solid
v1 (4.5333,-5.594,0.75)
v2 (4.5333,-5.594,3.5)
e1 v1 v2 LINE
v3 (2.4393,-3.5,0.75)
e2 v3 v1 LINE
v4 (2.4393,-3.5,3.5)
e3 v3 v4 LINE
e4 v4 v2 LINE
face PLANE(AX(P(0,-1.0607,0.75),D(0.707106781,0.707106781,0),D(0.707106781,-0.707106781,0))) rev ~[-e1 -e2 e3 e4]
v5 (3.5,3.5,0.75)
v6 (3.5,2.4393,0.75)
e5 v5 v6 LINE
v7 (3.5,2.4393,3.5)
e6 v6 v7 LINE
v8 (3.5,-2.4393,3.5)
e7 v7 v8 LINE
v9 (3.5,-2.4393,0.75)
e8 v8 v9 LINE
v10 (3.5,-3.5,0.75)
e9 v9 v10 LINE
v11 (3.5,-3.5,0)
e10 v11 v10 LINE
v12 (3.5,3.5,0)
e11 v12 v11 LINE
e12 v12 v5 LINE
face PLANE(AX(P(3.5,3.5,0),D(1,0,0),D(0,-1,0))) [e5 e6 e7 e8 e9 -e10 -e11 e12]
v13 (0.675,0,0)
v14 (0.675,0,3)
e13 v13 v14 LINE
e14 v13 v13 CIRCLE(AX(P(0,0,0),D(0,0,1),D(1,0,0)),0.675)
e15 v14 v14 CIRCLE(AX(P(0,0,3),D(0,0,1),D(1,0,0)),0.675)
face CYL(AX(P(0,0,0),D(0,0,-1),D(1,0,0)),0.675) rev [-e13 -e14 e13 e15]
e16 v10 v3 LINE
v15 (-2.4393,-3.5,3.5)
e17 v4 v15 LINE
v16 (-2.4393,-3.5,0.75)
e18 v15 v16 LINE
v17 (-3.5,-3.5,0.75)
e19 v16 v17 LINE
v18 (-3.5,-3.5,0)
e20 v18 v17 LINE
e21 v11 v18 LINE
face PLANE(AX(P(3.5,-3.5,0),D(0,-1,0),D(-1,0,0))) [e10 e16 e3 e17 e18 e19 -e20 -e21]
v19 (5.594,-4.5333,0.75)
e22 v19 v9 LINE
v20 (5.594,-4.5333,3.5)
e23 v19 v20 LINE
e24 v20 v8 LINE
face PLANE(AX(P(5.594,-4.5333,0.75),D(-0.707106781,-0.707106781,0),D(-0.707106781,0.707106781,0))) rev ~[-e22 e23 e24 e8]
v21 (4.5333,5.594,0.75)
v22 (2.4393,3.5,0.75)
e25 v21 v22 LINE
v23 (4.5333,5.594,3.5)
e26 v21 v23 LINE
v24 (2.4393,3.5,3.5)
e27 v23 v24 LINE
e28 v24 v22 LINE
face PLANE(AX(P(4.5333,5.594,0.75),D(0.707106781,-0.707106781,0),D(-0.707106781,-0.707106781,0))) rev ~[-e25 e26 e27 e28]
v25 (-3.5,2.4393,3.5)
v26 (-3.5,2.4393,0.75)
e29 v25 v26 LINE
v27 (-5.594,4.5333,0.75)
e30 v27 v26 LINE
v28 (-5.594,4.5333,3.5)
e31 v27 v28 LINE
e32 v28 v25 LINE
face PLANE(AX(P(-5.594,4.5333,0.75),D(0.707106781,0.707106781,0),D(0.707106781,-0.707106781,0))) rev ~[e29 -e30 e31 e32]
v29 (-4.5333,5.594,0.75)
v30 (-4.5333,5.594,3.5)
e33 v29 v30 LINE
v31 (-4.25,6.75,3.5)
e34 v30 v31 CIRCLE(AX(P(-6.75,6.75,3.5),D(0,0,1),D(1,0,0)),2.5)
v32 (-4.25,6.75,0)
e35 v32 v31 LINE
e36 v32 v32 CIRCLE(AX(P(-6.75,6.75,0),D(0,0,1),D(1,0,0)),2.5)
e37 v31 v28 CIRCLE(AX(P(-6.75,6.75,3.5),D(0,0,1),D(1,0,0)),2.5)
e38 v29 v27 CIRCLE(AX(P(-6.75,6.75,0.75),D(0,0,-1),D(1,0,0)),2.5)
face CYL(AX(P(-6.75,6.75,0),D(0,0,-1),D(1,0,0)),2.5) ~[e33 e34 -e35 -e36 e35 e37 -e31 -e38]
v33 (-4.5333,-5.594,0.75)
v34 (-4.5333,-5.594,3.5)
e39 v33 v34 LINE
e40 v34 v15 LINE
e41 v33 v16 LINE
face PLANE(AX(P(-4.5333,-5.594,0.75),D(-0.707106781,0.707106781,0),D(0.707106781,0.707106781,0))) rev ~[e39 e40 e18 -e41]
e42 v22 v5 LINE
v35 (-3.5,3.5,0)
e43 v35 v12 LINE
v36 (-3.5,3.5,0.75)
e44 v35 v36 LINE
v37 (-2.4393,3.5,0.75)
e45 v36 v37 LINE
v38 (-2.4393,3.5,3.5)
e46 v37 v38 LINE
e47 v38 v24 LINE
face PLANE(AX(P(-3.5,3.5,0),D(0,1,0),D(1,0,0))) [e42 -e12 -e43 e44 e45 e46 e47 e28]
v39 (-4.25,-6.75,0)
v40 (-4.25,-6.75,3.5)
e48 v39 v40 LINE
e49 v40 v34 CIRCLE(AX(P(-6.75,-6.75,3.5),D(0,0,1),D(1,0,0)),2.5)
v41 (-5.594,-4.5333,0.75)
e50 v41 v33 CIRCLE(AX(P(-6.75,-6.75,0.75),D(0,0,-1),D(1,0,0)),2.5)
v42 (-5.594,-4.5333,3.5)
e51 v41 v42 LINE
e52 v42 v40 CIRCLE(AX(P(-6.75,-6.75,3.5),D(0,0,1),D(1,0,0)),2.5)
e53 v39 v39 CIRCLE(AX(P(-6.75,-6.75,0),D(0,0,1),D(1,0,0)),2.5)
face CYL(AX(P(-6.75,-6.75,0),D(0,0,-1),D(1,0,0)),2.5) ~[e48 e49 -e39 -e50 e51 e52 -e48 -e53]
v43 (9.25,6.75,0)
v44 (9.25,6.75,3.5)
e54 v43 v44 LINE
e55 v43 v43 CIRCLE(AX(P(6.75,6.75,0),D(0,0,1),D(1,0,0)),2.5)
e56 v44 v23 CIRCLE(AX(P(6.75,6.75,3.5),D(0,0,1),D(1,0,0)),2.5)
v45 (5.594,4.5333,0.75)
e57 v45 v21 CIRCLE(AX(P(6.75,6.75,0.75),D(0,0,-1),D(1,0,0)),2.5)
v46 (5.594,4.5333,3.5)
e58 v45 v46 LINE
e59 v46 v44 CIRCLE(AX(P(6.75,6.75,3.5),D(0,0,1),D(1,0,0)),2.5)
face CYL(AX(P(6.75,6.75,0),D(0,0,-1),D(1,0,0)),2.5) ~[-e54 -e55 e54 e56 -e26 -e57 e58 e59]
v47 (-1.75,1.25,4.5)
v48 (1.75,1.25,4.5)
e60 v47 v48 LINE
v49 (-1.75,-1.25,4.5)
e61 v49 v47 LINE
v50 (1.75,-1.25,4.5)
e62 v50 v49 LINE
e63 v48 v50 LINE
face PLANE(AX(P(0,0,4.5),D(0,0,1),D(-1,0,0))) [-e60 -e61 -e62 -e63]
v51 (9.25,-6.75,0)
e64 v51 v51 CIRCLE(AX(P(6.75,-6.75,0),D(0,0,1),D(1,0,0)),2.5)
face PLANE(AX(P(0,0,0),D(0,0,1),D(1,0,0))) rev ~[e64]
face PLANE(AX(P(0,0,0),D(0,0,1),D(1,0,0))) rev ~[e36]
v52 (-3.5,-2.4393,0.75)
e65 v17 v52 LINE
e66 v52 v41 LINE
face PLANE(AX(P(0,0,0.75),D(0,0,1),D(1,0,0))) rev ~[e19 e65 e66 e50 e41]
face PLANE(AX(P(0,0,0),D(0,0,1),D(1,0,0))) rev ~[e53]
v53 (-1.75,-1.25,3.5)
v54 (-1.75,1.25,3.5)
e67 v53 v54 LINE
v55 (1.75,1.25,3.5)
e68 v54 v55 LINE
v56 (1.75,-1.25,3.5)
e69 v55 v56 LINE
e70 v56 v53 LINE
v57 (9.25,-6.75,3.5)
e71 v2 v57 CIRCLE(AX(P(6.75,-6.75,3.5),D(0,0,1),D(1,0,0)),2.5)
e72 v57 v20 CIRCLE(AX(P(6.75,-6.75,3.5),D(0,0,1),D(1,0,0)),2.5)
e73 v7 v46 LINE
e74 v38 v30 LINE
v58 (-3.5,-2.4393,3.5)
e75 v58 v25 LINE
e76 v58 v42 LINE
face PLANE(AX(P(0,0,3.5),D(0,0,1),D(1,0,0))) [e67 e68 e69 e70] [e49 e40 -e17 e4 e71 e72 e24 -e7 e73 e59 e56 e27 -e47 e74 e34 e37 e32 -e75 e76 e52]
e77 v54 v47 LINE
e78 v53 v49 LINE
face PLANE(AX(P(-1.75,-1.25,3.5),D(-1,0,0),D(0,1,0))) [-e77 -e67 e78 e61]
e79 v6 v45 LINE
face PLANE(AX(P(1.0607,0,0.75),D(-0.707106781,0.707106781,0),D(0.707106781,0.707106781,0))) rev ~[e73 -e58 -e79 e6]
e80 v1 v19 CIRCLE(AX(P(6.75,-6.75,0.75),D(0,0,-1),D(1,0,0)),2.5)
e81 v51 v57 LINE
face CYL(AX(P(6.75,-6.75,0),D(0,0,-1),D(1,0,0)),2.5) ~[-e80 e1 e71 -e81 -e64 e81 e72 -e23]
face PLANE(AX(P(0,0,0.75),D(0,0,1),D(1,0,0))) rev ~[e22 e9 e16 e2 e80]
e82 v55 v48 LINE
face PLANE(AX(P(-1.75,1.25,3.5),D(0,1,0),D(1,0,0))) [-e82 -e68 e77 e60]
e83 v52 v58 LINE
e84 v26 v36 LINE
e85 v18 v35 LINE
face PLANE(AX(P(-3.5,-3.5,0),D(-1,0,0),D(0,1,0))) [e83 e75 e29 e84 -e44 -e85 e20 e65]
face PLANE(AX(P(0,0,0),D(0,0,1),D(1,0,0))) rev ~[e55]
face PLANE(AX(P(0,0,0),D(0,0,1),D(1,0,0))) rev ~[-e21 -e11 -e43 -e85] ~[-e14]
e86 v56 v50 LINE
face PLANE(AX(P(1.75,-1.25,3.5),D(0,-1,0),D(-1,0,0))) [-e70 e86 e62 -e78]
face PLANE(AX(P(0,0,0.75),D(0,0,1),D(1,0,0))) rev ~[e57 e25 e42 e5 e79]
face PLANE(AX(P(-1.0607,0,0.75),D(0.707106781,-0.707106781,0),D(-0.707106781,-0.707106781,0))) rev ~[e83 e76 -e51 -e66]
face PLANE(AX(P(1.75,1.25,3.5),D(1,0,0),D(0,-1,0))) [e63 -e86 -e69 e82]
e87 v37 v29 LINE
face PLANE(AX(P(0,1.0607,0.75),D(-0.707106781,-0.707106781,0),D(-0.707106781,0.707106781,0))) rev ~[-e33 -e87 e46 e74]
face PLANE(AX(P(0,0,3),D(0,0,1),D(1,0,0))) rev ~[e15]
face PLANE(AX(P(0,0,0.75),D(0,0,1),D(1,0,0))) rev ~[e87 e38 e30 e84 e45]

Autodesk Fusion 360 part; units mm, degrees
sketch "Sketch1" plane through (0, 0, 0) normal (0, 0, 1) x (1, 0, 0)
  line L0 (-3, 10.6) -> (3, 10.6) construction
  line L1 (3, 10.6) -> (3, 4.6) construction
  line L2 (3, 4.6) -> (-3, 4.6) construction
  line L3 (-3, 4.6) -> (-3, 10.6) construction
  line L4 (0, -7.6) -> (0, 7.6) construction
  line L5 (0, 0) -> (-6, 0) construction
  line L6 (-3, 10.6) -> (3, 4.6) construction
  line L7 (3, 10.6) -> (-3, 4.6) construction
  line L8 (-3, -4.6) -> (3, -4.6) construction
  line L9 (3, -4.6) -> (3, -10.6) construction
  line L10 (3, -10.6) -> (-3, -10.6) construction
  line L11 (-3, -10.6) -> (-3, -4.6) construction
  line L12 (4.6, 3) -> (10.6, 3) construction
  line L13 (10.6, 3) -> (10.6, -3) construction
  line L14 (10.6, -3) -> (4.6, -3) construction
  line L15 (4.6, -3) -> (4.6, 3) construction
  line L16 (-10.6, 3) -> (-4.6, 3) construction
  line L17 (-4.6, 3) -> (-4.6, -3) construction
  line L18 (-4.6, -3) -> (-10.6, -3) construction
  line L19 (-10.6, -3) -> (-10.6, 3) construction
  line L20 (-7.6, 0) -> (7.6, 0) construction
  line L21 (-10.6, 3) -> (-4.6, -3) construction
  line L22 (-4.6, 3) -> (-10.6, -3) construction
  line L23 (-3, -10.6) -> (3, -4.6) construction
  line L24 (-3, -4.6) -> (3, -10.6) construction
  line L25 (4.6, 3) -> (10.6, -3) construction
  line L26 (10.6, 3) -> (4.6, -3) construction
  dimension "d1" = 6
  dimension "d3" = 15.2
sketch "Sketch5" plane through (0, 0, 0) normal (0, 0, 1) x (1, 0, 0)
  line L0 (-3.5, 3.5) -> (3.5, 3.5)
  line L1 (3.5, 3.5) -> (3.5, -3.5)
  line L2 (3.5, -3.5) -> (-3.5, -3.5)
  line L3 (-3.5, -3.5) -> (-3.5, 3.5)
  line L4 (-3.5, 3.5) -> (3.5, -3.5) construction
  line L5 (3.5, 3.5) -> (-3.5, -3.5) construction
  dimension "d11" = 7
extrude "Extrude4" add sketch "Sketch5" along normal blind 3.5 makes body 1
sketch "Sketch6" plane through (0, 0, 0) normal (0, 0, 1) x (1, 0, 0)
  circle A0 centre (-6.75, 6.75) radius 2.5
  circle A1 centre (6.75, 6.75) radius 2.5
  circle A2 centre (6.75, -6.75) radius 2.5
  circle A3 centre (-6.75, -6.75) radius 2.5
  line L0 (-6.75, 6.75) -> (6.75, 6.75) construction
  line L1 (6.75, 6.75) -> (6.75, -6.75) construction
  line L2 (6.75, -6.75) -> (-6.75, -6.75) construction
  line L3 (-6.75, -6.75) -> (-6.75, 6.75) construction
  line L4 (6.75, 6.75) -> (-6.75, -6.75) construction
  line L5 (-6.75, 6.75) -> (6.75, -6.75) construction
  point P0 (-7.6, 0)
  point P1 (7.6, 0)
  point P2 (0, 7.6)
  point P3 (0, -7.6)
  dimension "d14" = 5
  dimension "d15" = 13.5
extrude "Extrude5" add sketch "Sketch6" along normal blind 3.5 separate body makes body 2 at (9.2376, 6.5011, 2.3333) makes body 3 at (9.2376, -6.9989, 2.3333) makes body 4 at (-4.2624, 6.5011, 2.3333) makes body 5 at (-4.2624, -6.9989, 2.3333)
ref_plane "WorkPlane1" through (0, 0, 0.75) normal (0, 0, 1) x (1, 0, 0)
sketch "Sketch7" plane through (0, 0, 0.75) normal (0, 0, 1) x (1, 0, 0)
  line L0 (-5.594, 4.5333) -> (4.5333, -5.594)
  line L1 (4.5333, -5.594) -> (5.594, -4.5333)
  line L2 (5.594, -4.5333) -> (-4.5333, 5.594)
  line L3 (-4.5333, 5.594) -> (-5.594, 4.5333)
  line L4 (5.594, 4.5333) -> (4.5333, 5.594)
  line L5 (4.5333, 5.594) -> (-5.594, -4.5333)
  line L6 (-5.594, -4.5333) -> (-4.5333, -5.594)
  line L7 (-4.5333, -5.594) -> (5.594, 4.5333)
  line L8 (-7.6, 0) -> (7.6, 0)
  line L9 (-1.0607, 0) -> (1.0607, 0) construction
  line L10 (0, -7.6) -> (0, 7.6) construction
  circle A0 centre (6.75, 6.75) radius 2.5 construction
  circle A1 centre (-6.75, 6.75) radius 2.5 construction
  circle A2 centre (-6.75, -6.75) radius 2.5 construction
  circle A3 centre (6.75, -6.75) radius 2.5 construction
  dimension "d18" = 45
  dimension "d19" = 1.5
extrude "Extrude6" add sketch "Sketch7" along normal up to surface (2.75 mm away) contours L0 L2 L3 L5 | L0 L5 L6 L7 | L0 L1 L2 L7 | L2 L4 L5 L7 bodies 1 2 3 4 5
sketch "Sketch9" plane through (0, 0, 0) normal (0, 0, 1) x (1, 0, 0)
  circle A0 centre (0, 0) radius 0.675
  dimension "d23" = 1.35
extrude "Extrude7" cut sketch "Sketch9" along normal blind 3 bodies 1
sketch "Sketch10" plane through (0, 0, 3.5) normal (0, 0, 1) x (-1, 0, 0)
  arc A0 (4.5333, -5.594) -> (5.594, -4.5333) centre (6.75, -6.75) ccw
  line L0 (5.594, -4.5333) -> (3.5, -2.4393)
  line L1 (3.5, -2.4393) -> (3.5, 2.4393)
  line L2 (3.5, 2.4393) -> (5.594, 4.5333)
  arc A1 (5.594, 4.5333) -> (4.5333, 5.594) centre (6.75, 6.75) ccw
  line L3 (4.5333, 5.594) -> (2.4393, 3.5)
  line L4 (2.4393, 3.5) -> (-2.4393, 3.5)
  line L5 (-2.4393, 3.5) -> (-4.5333, 5.594)
  arc A2 (-4.5333, 5.594) -> (-5.594, 4.5333) centre (-6.75, 6.75) ccw
  line L6 (-5.594, 4.5333) -> (-3.5, 2.4393)
  line L7 (-3.5, 2.4393) -> (-3.5, -2.4393)
  line L8 (-3.5, -2.4393) -> (-5.594, -4.5333)
  arc A3 (-5.594, -4.5333) -> (-4.5333, -5.594) centre (-6.75, -6.75) ccw
  line L9 (-4.5333, -5.594) -> (-2.4393, -3.5)
  line L10 (-2.4393, -3.5) -> (2.4393, -3.5)
  line L11 (2.4393, -3.5) -> (4.5333, -5.594)
  line L12 (1.75, -1.25) -> (-1.75, -1.25)
  line L13 (-1.75, -1.25) -> (-1.75, 1.25)
  line L14 (-1.75, 1.25) -> (1.75, 1.25)
  line L15 (1.75, 1.25) -> (1.75, -1.25)
  line L16 (1.75, -1.25) -> (-1.75, 1.25) construction
  line L17 (-1.75, -1.25) -> (1.75, 1.25) construction
  dimension "d26" = 3.5
  dimension "d27" = 2.5
extrude "Extrude8" add sketch "Sketch10" along normal blind 1 contours L12 L13 L14 L15 bodies 1
